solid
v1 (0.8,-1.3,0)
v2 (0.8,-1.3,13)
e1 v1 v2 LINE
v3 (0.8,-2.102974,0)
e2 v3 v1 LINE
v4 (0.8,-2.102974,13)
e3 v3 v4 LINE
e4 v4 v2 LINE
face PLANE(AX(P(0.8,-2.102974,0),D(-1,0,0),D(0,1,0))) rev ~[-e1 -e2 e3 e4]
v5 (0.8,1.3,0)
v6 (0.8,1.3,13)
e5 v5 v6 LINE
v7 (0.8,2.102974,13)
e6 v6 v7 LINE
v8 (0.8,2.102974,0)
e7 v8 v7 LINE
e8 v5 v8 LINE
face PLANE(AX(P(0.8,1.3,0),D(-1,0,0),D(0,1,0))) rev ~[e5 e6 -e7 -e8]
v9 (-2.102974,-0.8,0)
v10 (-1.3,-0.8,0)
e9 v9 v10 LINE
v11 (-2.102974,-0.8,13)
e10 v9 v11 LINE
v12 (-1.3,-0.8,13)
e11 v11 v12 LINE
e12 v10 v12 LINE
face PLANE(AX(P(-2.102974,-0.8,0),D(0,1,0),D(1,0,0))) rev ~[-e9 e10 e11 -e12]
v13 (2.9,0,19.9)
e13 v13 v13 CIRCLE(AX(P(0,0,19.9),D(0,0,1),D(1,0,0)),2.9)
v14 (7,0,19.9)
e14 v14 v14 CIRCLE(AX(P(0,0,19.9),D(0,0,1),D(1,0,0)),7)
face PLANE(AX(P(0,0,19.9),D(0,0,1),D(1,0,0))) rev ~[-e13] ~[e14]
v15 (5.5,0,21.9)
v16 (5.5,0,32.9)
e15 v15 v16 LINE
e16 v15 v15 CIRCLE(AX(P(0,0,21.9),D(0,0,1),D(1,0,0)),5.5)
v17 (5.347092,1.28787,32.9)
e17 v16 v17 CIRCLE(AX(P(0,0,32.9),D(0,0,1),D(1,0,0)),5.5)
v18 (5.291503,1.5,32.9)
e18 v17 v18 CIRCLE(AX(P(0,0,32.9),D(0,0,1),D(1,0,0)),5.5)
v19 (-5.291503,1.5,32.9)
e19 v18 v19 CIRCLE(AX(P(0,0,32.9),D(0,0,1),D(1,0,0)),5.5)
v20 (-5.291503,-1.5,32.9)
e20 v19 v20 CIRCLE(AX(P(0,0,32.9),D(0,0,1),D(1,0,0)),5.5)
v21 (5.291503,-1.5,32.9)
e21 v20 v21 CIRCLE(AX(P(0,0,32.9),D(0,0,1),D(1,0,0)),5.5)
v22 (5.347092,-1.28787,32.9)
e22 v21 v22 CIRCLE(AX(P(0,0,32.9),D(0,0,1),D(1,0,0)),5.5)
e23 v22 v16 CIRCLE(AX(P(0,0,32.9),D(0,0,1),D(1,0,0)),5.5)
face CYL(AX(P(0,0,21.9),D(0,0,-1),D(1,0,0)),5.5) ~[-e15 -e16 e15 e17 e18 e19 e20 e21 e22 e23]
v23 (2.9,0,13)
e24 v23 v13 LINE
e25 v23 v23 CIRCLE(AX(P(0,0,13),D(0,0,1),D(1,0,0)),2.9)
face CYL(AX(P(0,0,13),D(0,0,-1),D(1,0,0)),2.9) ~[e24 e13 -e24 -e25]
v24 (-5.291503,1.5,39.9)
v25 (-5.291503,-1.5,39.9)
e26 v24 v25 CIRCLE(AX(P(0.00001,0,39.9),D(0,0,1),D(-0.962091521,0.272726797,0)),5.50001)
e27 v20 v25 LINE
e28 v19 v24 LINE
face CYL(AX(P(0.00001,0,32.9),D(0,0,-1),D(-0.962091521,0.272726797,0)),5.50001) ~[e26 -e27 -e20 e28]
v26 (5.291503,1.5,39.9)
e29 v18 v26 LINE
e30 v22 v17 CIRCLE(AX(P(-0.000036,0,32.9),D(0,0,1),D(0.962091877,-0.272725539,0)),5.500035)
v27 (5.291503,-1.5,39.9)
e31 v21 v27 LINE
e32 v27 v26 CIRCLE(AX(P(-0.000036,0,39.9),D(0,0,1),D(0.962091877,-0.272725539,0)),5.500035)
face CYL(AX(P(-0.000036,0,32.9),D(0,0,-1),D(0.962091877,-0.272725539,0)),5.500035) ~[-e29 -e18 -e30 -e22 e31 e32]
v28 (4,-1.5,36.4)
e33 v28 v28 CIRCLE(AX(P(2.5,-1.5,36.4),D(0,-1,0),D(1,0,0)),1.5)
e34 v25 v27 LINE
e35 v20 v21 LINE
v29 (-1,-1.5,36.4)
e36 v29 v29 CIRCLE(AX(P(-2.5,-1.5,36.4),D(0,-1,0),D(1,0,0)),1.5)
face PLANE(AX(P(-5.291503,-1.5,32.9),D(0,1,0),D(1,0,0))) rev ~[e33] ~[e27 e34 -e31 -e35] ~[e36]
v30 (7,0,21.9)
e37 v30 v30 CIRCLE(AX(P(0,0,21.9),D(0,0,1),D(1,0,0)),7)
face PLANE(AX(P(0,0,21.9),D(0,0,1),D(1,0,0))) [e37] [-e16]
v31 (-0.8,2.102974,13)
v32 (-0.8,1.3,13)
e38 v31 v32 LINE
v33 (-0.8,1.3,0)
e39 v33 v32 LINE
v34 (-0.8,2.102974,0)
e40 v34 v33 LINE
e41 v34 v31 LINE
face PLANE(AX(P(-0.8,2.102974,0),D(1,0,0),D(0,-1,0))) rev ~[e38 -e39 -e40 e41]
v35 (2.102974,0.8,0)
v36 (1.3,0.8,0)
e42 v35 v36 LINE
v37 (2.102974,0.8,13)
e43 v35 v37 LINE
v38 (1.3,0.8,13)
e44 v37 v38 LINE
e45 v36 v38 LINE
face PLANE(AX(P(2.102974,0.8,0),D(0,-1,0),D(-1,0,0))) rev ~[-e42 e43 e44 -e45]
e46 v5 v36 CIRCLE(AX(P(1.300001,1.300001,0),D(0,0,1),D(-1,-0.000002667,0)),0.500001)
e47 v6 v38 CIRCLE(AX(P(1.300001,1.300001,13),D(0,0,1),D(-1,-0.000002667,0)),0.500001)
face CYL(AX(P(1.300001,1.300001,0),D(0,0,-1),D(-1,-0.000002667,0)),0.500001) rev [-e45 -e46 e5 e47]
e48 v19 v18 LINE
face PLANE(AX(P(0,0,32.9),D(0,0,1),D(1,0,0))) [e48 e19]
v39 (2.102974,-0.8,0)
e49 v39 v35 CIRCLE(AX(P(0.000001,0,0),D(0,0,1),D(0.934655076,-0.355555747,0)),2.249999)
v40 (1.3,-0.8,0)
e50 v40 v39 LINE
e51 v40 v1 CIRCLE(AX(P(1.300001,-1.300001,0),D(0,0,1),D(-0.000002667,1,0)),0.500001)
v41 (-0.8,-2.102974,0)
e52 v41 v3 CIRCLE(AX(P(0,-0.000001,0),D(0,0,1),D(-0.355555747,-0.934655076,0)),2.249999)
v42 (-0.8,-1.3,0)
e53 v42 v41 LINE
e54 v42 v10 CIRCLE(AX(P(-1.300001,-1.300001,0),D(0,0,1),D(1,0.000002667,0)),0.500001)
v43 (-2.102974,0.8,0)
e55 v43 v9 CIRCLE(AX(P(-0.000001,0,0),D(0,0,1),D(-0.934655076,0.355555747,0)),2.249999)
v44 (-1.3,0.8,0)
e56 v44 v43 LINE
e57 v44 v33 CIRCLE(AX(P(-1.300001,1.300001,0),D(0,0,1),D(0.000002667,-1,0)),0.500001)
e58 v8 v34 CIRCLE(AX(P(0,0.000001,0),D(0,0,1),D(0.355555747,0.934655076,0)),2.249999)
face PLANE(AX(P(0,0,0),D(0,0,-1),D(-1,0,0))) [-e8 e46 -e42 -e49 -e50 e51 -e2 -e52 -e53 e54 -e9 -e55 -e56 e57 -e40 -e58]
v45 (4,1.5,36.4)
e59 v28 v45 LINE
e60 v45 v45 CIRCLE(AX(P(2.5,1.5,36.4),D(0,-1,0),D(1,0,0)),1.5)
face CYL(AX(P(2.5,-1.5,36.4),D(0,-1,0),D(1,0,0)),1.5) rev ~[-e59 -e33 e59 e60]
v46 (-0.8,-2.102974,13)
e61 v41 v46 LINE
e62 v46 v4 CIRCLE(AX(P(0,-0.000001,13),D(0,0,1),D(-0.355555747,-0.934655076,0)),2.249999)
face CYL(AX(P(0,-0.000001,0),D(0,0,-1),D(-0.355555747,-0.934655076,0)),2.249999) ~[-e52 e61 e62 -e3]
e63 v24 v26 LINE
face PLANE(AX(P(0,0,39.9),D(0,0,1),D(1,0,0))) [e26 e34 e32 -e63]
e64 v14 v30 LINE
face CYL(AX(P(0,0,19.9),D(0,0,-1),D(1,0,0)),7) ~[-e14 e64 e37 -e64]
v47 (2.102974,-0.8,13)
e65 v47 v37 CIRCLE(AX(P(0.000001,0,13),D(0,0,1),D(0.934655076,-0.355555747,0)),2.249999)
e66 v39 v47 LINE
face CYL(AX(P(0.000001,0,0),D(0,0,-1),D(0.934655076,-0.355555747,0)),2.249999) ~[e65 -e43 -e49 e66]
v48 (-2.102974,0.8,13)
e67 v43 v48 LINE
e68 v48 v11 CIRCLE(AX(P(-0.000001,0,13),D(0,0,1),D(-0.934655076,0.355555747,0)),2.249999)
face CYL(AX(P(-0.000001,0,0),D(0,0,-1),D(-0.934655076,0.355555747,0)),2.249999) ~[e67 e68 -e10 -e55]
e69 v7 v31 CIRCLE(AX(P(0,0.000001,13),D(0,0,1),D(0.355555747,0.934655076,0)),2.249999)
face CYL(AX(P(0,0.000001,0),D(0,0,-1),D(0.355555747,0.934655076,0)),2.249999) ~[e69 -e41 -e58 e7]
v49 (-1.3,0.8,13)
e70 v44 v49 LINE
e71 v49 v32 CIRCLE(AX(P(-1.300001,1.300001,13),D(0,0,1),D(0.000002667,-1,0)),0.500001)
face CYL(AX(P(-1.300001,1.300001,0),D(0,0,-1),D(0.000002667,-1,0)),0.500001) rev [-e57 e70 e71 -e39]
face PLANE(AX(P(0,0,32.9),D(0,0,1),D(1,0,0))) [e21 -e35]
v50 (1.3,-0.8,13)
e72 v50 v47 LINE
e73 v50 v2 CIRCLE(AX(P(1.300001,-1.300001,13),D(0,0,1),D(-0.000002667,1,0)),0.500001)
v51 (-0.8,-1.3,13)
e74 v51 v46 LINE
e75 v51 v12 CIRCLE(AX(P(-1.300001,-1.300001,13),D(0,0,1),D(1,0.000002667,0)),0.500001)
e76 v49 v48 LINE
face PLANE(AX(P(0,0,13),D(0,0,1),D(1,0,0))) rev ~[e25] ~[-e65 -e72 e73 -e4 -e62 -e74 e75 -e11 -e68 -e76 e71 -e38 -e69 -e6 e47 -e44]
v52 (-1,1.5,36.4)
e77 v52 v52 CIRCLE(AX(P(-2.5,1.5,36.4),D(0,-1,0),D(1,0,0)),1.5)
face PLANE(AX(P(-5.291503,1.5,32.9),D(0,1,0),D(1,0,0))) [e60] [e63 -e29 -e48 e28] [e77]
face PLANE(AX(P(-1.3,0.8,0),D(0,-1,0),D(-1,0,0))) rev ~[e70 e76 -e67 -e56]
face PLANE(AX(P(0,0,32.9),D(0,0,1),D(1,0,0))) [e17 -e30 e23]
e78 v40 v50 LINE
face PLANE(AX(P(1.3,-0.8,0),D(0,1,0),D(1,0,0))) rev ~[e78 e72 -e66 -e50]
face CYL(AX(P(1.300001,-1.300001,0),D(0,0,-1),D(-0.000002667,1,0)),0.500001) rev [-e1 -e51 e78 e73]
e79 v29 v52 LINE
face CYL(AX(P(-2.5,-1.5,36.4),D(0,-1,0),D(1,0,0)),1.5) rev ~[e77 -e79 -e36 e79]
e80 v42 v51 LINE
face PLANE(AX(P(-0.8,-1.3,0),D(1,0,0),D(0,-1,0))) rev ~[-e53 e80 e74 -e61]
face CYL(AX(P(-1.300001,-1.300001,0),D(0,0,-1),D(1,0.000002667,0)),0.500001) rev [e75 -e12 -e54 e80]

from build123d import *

# Parameters (mm, degrees)
PAD_DEPTH    = 13
SKETCH001_R  = 2.9
PAD001_DEPTH = 6.9
SKETCH002_R  = 7
PAD002_DEPTH = 2
SKETCH003_R  = 5.5
PAD003_DEPTH = 11
PAD004_DEPTH = 7
SKETCH005_R  = 1.5
POCKET_DEPTH = 3


with BuildPart() as part:
    # Sketch → Pad (new body)
    with BuildSketch(Plane.XY):
        with BuildLine():
            ThreePointArc((-0.8, -1.3), (-0.946447, -0.946447), (-1.3, -0.8))
            Line((-2.102974, -0.8), (-1.3, -0.8))
            ThreePointArc((-2.102974, 0.8), (-2.25, 0), (-2.102974, -0.8))
            Line((-1.3, 0.8), (-2.102974, 0.8))
            ThreePointArc((-1.3, 0.8), (-0.946447, 0.946447), (-0.8, 1.3))
            Line((-0.8, 2.102974), (-0.8, 1.3))
            ThreePointArc((0.8, 2.102974), (0, 2.25), (-0.8, 2.102974))
            Line((0.8, 1.3), (0.8, 2.102974))
            ThreePointArc((0.8, 1.3), (0.946447, 0.946447), (1.3, 0.8))
            Line((2.102974, 0.8), (1.3, 0.8))
            ThreePointArc((2.102974, -0.8), (2.25, 0), (2.102974, 0.8))
            Line((1.3, -0.8), (2.102974, -0.8))
            ThreePointArc((1.3, -0.8), (0.946447, -0.946447), (0.8, -1.3))
            Line((0.8, -2.102974), (0.8, -1.3))
            ThreePointArc((-0.8, -2.102974), (0, -2.25), (0.8, -2.102974))
            Line((-0.8, -1.3), (-0.8, -2.102974))
        make_face()
    extrude(amount=PAD_DEPTH)

    # Sketch001 (on Face18 of Pad) → Pad001 (join)
    with BuildSketch(Plane.XY.offset(13)):
        Circle(SKETCH001_R)
    extrude(amount=PAD001_DEPTH)

    # Sketch002 (on Face20 of Pad001) → Pad002 (join)
    with BuildSketch(Plane.XY.offset(19.9)):
        Circle(SKETCH002_R)
    extrude(amount=PAD002_DEPTH)

    # Sketch003 (on Face22 of Pad002) → Pad003 (join)
    with BuildSketch(Plane.XY.offset(21.9)):
        Circle(SKETCH003_R)
    extrude(amount=PAD003_DEPTH)

    # Sketch004 (on Face24 of Pad003) → Pad004 (join)
    with BuildSketch(Plane.XY.offset(32.9)):
        with BuildLine():
            Line((-5.291503, -1.5), (5.291503, -1.5))
            ThreePointArc((5.291503, -1.5), (5.499999, 0), (5.291503, 1.5))
            Line((-5.291503, 1.5), (5.291503, 1.5))
            ThreePointArc((-5.291503, 1.5), (-5.5, 0), (-5.291503, -1.5))
        make_face()
    extrude(amount=PAD004_DEPTH)

    # Sketch005 (on Face2 of Pad004) → Pocket (cut)
    with BuildSketch(Plane.XZ.offset(1.5)):
        with Locations((2.5, 36.4)):
            Circle(SKETCH005_R)
        with Locations((-2.5, 36.4)):
            Circle(SKETCH005_R)
    extrude(amount=-POCKET_DEPTH, mode=Mode.SUBTRACT)


solid = part.part
